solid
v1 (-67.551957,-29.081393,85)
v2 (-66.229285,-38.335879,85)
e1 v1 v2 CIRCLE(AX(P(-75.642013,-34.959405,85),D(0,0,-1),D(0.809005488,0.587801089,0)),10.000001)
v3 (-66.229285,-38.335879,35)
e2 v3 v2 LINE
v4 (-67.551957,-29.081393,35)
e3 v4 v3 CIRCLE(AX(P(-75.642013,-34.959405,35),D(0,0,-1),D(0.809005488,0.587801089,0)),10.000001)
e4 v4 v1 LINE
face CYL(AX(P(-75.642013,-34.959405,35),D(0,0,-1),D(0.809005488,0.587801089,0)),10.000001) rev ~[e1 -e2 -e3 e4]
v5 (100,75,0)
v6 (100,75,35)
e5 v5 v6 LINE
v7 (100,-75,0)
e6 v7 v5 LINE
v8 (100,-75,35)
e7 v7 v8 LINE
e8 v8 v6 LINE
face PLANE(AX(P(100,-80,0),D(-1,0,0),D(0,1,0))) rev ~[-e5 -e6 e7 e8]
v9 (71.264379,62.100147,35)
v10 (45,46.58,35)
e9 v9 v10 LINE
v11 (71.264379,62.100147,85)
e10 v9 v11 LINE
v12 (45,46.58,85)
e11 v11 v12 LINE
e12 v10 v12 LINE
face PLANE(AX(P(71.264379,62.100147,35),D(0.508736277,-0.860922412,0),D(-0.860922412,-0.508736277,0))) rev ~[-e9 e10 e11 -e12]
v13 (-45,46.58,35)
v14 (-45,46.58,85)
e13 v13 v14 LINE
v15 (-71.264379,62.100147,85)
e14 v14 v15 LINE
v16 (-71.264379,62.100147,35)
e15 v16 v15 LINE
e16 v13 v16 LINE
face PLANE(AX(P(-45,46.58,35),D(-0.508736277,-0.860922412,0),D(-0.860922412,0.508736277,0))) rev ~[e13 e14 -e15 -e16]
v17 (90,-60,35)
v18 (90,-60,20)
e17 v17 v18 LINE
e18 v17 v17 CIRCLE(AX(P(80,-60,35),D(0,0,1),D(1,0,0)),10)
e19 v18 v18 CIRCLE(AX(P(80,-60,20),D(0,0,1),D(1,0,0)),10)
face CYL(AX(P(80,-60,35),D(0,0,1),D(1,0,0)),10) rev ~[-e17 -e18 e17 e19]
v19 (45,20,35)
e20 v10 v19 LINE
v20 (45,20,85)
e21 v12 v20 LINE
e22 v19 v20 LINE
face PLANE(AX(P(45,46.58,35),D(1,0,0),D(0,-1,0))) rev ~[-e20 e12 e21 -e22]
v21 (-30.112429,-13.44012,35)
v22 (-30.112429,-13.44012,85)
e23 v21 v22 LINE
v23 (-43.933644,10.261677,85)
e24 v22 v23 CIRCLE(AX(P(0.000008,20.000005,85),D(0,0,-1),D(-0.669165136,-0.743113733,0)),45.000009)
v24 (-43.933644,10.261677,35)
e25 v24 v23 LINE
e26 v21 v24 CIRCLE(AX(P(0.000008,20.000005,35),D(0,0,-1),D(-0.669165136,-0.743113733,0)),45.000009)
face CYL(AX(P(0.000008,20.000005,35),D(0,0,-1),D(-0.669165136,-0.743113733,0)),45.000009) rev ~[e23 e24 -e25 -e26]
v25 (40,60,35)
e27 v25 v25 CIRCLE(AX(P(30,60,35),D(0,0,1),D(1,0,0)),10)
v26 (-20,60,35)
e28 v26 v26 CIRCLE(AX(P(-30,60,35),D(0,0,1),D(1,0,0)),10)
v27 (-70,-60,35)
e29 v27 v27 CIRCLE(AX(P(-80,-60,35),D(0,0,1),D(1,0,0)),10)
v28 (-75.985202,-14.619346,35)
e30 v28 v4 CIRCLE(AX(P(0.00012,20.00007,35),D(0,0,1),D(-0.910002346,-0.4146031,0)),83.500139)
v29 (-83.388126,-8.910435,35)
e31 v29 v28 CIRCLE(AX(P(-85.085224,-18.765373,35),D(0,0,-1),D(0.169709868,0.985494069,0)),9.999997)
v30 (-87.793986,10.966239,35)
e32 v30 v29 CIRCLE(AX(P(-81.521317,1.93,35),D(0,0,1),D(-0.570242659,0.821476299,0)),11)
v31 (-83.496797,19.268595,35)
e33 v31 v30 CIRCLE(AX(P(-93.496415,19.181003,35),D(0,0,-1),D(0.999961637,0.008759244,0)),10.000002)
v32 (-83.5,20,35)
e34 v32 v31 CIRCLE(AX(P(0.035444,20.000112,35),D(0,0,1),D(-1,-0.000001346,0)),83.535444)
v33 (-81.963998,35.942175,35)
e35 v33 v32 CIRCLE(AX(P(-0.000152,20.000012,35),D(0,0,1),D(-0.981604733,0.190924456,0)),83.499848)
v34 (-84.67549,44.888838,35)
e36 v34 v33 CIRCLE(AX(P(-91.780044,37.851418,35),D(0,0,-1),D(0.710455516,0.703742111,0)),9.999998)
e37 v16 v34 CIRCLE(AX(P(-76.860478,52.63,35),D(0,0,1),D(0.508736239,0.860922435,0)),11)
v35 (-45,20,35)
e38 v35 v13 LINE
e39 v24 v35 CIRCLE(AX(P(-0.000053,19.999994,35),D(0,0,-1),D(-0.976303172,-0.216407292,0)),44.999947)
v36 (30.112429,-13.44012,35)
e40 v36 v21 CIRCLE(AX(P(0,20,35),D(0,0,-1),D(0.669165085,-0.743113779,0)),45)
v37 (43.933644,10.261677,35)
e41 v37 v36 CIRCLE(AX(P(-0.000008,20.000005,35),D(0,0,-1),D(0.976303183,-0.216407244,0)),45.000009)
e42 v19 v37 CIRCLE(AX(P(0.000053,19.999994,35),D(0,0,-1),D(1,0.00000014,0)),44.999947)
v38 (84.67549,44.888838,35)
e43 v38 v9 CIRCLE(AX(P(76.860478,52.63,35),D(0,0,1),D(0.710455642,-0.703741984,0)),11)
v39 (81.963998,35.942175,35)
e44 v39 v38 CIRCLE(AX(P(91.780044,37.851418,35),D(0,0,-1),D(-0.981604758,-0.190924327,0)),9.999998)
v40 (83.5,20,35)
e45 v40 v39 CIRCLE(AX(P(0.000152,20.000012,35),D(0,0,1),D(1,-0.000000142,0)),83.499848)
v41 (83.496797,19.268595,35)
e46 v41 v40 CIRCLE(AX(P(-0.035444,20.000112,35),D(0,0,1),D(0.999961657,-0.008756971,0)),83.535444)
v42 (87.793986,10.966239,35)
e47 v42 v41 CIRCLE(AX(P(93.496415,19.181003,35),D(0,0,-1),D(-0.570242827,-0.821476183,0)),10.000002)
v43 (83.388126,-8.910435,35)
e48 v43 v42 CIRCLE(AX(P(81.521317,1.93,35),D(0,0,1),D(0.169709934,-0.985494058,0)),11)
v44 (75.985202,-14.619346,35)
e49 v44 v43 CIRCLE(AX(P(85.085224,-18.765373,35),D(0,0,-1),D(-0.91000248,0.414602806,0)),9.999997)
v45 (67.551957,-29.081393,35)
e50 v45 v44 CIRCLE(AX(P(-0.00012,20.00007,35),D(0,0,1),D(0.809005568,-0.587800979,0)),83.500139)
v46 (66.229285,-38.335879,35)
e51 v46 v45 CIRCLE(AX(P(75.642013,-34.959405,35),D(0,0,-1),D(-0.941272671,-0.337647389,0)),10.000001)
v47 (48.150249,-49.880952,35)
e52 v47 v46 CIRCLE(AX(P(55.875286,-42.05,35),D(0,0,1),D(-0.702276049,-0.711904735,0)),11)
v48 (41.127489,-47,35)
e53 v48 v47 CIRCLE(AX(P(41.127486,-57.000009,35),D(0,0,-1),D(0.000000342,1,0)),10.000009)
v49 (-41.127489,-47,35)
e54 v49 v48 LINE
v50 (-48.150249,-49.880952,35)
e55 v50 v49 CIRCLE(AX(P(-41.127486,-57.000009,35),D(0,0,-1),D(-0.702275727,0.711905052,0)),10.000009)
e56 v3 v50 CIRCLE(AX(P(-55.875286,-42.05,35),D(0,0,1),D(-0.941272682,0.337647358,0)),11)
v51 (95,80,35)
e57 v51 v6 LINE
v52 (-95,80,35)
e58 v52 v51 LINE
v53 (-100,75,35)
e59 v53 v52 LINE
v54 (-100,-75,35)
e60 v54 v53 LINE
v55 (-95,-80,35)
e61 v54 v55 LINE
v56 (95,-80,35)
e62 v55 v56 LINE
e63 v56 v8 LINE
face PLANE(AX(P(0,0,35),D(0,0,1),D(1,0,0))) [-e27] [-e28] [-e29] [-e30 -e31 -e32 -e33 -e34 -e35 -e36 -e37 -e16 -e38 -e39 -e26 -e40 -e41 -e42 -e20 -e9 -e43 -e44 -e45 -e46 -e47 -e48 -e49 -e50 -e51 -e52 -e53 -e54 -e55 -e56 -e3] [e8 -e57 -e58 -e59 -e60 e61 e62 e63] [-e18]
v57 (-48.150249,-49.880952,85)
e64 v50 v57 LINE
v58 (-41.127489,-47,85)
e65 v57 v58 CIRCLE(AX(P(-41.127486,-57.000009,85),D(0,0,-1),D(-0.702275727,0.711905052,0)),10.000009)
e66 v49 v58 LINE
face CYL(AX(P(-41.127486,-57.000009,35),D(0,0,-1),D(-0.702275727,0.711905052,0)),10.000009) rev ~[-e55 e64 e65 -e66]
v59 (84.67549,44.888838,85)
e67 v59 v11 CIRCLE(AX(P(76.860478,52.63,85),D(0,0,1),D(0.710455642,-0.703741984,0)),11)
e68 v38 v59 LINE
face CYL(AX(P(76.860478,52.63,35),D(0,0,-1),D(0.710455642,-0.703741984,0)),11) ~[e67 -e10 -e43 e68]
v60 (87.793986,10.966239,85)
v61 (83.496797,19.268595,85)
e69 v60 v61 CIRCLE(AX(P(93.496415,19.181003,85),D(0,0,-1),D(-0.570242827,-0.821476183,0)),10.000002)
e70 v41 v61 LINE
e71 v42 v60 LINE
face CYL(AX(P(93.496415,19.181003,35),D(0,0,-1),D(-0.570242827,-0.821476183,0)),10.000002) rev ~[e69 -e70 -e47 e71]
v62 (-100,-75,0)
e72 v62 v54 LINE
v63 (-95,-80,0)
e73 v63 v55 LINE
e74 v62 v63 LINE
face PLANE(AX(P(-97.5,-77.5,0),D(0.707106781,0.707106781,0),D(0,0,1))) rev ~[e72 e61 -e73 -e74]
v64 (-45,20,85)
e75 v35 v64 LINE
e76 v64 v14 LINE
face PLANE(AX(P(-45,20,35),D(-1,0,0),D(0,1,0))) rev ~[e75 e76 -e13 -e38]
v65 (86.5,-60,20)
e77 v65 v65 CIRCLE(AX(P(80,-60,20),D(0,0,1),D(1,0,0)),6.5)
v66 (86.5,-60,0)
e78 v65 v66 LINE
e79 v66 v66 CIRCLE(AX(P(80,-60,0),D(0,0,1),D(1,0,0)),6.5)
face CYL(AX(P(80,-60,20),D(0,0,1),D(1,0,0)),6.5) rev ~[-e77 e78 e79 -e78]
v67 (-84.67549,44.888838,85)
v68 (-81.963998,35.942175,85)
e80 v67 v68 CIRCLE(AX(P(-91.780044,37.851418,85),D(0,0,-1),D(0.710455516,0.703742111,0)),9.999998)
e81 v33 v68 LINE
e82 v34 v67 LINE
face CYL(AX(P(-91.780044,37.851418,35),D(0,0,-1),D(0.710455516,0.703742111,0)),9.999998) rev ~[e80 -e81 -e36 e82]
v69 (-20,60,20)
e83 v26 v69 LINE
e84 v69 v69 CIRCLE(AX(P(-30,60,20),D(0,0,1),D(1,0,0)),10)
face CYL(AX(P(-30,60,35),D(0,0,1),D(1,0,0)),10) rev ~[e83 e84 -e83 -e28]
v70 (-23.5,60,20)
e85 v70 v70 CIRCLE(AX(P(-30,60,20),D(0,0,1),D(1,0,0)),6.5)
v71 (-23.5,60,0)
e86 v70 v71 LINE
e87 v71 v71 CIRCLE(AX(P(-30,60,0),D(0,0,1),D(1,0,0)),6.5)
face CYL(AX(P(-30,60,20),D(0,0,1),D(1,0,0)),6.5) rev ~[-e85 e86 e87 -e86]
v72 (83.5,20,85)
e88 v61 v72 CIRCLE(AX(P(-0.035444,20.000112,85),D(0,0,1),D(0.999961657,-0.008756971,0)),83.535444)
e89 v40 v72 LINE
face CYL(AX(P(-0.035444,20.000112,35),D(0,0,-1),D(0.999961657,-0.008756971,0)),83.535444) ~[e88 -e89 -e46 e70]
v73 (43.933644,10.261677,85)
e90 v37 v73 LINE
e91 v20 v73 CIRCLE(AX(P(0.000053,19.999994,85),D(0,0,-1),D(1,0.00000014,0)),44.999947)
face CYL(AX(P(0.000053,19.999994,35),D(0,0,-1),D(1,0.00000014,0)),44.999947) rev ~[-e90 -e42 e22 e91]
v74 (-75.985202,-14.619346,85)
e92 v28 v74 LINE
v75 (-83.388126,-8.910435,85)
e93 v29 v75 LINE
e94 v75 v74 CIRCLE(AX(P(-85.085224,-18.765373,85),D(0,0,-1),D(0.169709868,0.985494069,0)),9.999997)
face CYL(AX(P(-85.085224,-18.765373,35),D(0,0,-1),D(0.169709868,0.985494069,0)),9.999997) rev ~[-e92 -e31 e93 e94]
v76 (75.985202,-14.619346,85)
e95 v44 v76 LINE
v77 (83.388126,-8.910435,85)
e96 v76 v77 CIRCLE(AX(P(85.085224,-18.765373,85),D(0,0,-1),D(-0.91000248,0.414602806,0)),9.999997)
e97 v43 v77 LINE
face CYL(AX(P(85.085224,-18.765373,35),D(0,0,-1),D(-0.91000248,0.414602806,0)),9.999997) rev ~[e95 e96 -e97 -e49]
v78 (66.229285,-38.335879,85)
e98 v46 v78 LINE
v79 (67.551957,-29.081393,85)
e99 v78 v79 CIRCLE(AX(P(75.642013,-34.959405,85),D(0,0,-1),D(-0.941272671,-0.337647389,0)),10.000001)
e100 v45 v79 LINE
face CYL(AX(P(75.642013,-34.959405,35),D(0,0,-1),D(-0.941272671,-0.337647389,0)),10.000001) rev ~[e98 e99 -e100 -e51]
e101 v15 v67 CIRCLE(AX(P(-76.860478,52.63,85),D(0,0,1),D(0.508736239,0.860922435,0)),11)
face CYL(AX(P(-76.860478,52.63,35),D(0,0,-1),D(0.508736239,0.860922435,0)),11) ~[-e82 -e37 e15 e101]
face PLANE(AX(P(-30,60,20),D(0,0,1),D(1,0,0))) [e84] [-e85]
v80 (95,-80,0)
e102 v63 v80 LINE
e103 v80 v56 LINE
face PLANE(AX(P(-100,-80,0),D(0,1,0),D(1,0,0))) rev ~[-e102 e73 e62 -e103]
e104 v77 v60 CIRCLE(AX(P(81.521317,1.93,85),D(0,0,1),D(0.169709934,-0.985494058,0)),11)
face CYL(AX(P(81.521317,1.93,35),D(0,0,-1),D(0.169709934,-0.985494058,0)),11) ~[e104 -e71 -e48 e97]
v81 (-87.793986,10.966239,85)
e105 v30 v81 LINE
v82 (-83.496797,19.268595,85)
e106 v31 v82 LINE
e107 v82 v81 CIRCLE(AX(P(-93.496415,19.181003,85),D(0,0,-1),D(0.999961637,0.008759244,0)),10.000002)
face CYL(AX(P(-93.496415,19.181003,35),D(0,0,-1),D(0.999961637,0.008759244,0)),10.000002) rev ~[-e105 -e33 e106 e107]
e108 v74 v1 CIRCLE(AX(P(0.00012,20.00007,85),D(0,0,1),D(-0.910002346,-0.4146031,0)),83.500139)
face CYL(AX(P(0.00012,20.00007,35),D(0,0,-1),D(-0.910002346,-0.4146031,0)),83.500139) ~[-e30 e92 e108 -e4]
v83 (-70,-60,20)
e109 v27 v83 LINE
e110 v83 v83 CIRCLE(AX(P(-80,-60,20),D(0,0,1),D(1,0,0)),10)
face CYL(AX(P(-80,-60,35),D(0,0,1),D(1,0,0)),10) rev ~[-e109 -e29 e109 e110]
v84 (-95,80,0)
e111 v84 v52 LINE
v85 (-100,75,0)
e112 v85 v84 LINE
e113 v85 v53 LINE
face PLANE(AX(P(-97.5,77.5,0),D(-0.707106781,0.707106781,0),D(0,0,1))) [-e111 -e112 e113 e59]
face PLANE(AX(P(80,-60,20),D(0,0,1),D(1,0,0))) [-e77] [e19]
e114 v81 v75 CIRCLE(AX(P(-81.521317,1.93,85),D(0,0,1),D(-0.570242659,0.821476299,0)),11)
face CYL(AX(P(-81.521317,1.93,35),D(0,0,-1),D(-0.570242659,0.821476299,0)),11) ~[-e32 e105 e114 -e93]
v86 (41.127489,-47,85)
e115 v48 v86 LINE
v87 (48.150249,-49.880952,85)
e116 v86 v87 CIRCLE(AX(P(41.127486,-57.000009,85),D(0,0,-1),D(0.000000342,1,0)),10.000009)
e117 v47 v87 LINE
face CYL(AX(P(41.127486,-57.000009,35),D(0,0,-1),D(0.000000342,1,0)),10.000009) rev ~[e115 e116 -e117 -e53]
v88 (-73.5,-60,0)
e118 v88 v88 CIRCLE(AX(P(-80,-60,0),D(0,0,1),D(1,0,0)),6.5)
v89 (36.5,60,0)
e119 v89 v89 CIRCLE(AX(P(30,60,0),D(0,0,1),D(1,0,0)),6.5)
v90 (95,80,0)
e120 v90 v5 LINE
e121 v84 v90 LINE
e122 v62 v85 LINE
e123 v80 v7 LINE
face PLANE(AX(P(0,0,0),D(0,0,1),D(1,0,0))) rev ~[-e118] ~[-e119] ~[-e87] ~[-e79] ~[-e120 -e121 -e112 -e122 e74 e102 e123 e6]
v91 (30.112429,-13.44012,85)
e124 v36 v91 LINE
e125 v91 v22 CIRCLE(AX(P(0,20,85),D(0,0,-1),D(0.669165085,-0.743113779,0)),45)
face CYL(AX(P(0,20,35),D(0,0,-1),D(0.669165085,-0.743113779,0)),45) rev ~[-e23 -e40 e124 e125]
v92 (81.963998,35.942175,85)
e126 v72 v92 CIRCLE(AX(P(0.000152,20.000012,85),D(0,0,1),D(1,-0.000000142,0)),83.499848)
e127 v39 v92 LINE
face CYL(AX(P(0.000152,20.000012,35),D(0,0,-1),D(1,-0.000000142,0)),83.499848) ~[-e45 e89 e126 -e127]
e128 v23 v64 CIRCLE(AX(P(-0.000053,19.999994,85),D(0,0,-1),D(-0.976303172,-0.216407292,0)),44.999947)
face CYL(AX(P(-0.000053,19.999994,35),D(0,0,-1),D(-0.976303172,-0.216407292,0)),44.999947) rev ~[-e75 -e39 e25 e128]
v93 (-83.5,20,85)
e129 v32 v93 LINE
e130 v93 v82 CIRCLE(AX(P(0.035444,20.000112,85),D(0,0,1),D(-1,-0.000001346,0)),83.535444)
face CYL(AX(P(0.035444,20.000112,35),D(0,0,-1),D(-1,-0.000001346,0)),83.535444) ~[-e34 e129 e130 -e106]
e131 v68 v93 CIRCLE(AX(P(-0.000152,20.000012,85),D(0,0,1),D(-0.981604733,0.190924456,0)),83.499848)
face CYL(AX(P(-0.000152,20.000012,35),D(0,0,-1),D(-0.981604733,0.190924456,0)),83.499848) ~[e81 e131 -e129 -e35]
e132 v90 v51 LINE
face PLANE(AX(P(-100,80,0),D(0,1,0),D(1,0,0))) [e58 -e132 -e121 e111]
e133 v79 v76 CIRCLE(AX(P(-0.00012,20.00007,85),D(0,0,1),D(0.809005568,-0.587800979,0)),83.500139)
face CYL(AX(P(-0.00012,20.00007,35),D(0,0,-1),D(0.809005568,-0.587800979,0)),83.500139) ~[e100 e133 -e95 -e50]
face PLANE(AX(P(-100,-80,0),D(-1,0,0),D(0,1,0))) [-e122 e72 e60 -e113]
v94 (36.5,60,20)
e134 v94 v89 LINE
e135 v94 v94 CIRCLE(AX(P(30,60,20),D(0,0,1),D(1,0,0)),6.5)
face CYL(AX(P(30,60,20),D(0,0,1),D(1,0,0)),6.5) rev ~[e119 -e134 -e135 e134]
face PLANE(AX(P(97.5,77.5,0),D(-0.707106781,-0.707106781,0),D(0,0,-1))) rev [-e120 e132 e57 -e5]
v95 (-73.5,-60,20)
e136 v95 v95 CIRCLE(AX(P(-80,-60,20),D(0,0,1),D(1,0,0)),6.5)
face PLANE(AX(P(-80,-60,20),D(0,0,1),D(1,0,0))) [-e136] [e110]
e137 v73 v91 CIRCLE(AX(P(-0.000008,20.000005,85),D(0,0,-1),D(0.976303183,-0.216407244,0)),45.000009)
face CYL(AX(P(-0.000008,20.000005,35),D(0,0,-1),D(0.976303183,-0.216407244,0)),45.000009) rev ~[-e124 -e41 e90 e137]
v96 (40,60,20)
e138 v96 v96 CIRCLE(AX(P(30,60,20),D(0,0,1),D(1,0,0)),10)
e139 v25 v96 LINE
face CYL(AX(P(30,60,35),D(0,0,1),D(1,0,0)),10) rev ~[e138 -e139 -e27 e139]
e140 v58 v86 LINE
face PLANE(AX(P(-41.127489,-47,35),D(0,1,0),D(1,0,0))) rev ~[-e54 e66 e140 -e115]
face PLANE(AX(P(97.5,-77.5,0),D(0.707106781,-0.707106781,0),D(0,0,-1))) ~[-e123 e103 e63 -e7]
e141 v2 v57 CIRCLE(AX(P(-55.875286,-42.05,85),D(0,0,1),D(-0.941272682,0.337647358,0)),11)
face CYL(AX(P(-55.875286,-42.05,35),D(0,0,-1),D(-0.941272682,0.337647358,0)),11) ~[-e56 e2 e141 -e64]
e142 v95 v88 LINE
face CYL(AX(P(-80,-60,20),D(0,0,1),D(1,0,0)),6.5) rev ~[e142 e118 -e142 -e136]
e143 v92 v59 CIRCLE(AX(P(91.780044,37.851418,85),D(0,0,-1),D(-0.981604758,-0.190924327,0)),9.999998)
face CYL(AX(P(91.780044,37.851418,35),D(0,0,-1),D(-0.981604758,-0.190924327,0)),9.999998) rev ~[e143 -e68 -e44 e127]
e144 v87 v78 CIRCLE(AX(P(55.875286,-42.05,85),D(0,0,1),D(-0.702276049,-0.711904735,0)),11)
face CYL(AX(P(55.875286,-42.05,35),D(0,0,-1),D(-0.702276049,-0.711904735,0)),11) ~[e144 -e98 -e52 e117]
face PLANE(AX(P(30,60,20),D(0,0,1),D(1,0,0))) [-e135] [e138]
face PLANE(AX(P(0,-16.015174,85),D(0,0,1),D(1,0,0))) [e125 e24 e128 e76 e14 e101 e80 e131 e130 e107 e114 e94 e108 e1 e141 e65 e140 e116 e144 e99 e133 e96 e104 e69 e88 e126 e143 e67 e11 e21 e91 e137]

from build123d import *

# Parameters (mm, degrees)
F0_W     = 200
F0_H     = 160
F1_DEPTH = 35
F3_DEPTH = 50
F4_SIZE  = 5
F5_R     = 10
F6_DEPTH = 15
F7_R     = 6.5
F8_DEPTH = 20


with BuildPart() as f1:
    # F0 (on Top) → F1 (new body)
    with BuildSketch(Plane.XY):
        Rectangle(F0_W, F0_H)
    extrude(amount=F1_DEPTH)

    # F2 (on face) → F3 (join)
    with BuildSketch(Plane.XY.offset(35)):
        with BuildLine():
            Line((-45, 20), (-83.5, 20))
            ThreePointArc((-83.5, 20), (-83.499199, 19.634294), (-83.496797, 19.268595))
            ThreePointArc((-83.496797, 19.268595), (-84.615489, 14.584353), (-87.793986, 10.966239))
            ThreePointArc((-87.793986, 10.966239), (-92.260652, -0.450479), (-83.388126, -8.910435))
            ThreePointArc((-83.388126, -8.910435), (-78.978477, -10.846561), (-75.985202, -14.619346))
            ThreePointArc((-75.985202, -14.619346), (-72.131939, -22.062255), (-67.551957, -29.081393))
            ThreePointArc((-67.551957, -29.081393), (-65.742607, -33.544559), (-66.229285, -38.335879))
            ThreePointArc((-66.229285, -38.335879), (-61.795593, -51.32092), (-48.150249, -49.880952))
            ThreePointArc((-48.150249, -49.880952), (-44.922849, -47.748231), (-41.127489, -47))
            Line((-41.127489, -47), (41.127489, -47))
            ThreePointArc((41.127489, -47), (44.922849, -47.748231), (48.150249, -49.880952))
            ThreePointArc((48.150249, -49.880952), (61.795593, -51.32092), (66.229285, -38.335879))
            ThreePointArc((66.229285, -38.335879), (65.742607, -33.544559), (67.551957, -29.081393))
            ThreePointArc((67.551957, -29.081393), (72.131939, -22.062255), (75.985202, -14.619346))
            ThreePointArc((75.985202, -14.619346), (78.978477, -10.846561), (83.388126, -8.910435))
            ThreePointArc((83.388126, -8.910435), (92.260652, -0.450479), (87.793986, 10.966239))
            ThreePointArc((87.793986, 10.966239), (84.615489, 14.584353), (83.496797, 19.268595))
            ThreePointArc((83.496797, 19.268595), (83.499199, 19.634294), (83.5, 20))
            Line((83.5, 20), (45, 20))
            ThreePointArc((45, 20), (44.732617, 15.101734), (43.933644, 10.261677))
            ThreePointArc((43.933644, 10.261677), (38.8735, -2.668281), (30.112429, -13.44012))
            ThreePointArc((30.112429, -13.44012), (0, -25), (-30.112429, -13.44012))
            ThreePointArc((-30.112429, -13.44012), (-38.8735, -2.668281), (-43.933644, 10.261677))
            ThreePointArc((-43.933644, 10.261677), (-44.732617, 15.101734), (-45, 20))
        make_face()
        with BuildLine():
            ThreePointArc((-84.67549, 44.888838), (-82.209915, 40.751866), (-81.963998, 35.942175))
            ThreePointArc((-81.963998, 35.942175), (-83.115113, 28.008), (-83.5, 20))
            Line((-83.5, 20), (-45, 20))
            Line((-45, 20), (-45, 39.104097))
            Line((-45, 39.104097), (-45, 46.58))
            Line((-45, 46.58), (-71.264379, 62.100147))
            ThreePointArc((-71.264379, 62.100147), (-85.537354, 59.391052), (-84.67549, 44.888838))
        make_face()
        with BuildLine():
            Line((45, 39.104097), (45, 20))
            Line((45, 20), (83.5, 20))
            ThreePointArc((83.5, 20), (83.115113, 28.008), (81.963998, 35.942175))
            ThreePointArc((81.963998, 35.942175), (82.209915, 40.751866), (84.67549, 44.888838))
            ThreePointArc((84.67549, 44.888838), (85.537354, 59.391052), (71.264379, 62.100147))
            Line((71.264379, 62.100147), (45, 46.58))
            Line((45, 46.58), (45, 39.104097))
        make_face()
        with BuildLine():
            Line((67.673667, 46.58), (62.609608, 46.58))
            Line((62.609608, 46.58), (66.735146, 48.331437))
            ThreePointArc((66.735146, 48.331437), (67.164778, 47.434483), (67.673667, 46.58))
        make_face(mode=Mode.SUBTRACT)
        with BuildLine():
            Line((66.735146, 48.331437), (62.609608, 46.58))
            Line((62.609608, 46.58), (67.673667, 46.58))
            ThreePointArc((67.673667, 46.58), (67.164778, 47.434483), (66.735146, 48.331437))
        make_face()
    extrude(amount=F3_DEPTH)

    # F4
    f4_edges = [f1.edges().sort_by_distance(p)[0] for p in [
        (100, -80, 17.5),
        (100, 80, 17.5),
        (-100, 80, 17.5),
        (-100, -80, 17.5),
    ]]
    chamfer(f4_edges, length=F4_SIZE)

    # F5 (on face) → F6 (cut)
    with BuildSketch(Plane.XY.offset(35)):
        with Locations((-80, -60)):
            Circle(F5_R)
        with Locations((80, -60)):
            Circle(F5_R)
        with Locations((-30, 60)):
            Circle(F5_R)
        with Locations((30, 60)):
            Circle(F5_R)
    extrude(amount=-F6_DEPTH, mode=Mode.SUBTRACT)

    # F7 (on face) → F8 (cut)
    with BuildSketch(Plane.XY.offset(20)):
        with Locations((-30, 60)):
            Circle(F7_R)
        with Locations((30, 60)):
            Circle(F7_R)
        with Locations((-80, -60)):
            Circle(F7_R)
        with Locations((80, -60)):
            Circle(F7_R)
    extrude(amount=-F8_DEPTH, mode=Mode.SUBTRACT)


solid = f1.part
